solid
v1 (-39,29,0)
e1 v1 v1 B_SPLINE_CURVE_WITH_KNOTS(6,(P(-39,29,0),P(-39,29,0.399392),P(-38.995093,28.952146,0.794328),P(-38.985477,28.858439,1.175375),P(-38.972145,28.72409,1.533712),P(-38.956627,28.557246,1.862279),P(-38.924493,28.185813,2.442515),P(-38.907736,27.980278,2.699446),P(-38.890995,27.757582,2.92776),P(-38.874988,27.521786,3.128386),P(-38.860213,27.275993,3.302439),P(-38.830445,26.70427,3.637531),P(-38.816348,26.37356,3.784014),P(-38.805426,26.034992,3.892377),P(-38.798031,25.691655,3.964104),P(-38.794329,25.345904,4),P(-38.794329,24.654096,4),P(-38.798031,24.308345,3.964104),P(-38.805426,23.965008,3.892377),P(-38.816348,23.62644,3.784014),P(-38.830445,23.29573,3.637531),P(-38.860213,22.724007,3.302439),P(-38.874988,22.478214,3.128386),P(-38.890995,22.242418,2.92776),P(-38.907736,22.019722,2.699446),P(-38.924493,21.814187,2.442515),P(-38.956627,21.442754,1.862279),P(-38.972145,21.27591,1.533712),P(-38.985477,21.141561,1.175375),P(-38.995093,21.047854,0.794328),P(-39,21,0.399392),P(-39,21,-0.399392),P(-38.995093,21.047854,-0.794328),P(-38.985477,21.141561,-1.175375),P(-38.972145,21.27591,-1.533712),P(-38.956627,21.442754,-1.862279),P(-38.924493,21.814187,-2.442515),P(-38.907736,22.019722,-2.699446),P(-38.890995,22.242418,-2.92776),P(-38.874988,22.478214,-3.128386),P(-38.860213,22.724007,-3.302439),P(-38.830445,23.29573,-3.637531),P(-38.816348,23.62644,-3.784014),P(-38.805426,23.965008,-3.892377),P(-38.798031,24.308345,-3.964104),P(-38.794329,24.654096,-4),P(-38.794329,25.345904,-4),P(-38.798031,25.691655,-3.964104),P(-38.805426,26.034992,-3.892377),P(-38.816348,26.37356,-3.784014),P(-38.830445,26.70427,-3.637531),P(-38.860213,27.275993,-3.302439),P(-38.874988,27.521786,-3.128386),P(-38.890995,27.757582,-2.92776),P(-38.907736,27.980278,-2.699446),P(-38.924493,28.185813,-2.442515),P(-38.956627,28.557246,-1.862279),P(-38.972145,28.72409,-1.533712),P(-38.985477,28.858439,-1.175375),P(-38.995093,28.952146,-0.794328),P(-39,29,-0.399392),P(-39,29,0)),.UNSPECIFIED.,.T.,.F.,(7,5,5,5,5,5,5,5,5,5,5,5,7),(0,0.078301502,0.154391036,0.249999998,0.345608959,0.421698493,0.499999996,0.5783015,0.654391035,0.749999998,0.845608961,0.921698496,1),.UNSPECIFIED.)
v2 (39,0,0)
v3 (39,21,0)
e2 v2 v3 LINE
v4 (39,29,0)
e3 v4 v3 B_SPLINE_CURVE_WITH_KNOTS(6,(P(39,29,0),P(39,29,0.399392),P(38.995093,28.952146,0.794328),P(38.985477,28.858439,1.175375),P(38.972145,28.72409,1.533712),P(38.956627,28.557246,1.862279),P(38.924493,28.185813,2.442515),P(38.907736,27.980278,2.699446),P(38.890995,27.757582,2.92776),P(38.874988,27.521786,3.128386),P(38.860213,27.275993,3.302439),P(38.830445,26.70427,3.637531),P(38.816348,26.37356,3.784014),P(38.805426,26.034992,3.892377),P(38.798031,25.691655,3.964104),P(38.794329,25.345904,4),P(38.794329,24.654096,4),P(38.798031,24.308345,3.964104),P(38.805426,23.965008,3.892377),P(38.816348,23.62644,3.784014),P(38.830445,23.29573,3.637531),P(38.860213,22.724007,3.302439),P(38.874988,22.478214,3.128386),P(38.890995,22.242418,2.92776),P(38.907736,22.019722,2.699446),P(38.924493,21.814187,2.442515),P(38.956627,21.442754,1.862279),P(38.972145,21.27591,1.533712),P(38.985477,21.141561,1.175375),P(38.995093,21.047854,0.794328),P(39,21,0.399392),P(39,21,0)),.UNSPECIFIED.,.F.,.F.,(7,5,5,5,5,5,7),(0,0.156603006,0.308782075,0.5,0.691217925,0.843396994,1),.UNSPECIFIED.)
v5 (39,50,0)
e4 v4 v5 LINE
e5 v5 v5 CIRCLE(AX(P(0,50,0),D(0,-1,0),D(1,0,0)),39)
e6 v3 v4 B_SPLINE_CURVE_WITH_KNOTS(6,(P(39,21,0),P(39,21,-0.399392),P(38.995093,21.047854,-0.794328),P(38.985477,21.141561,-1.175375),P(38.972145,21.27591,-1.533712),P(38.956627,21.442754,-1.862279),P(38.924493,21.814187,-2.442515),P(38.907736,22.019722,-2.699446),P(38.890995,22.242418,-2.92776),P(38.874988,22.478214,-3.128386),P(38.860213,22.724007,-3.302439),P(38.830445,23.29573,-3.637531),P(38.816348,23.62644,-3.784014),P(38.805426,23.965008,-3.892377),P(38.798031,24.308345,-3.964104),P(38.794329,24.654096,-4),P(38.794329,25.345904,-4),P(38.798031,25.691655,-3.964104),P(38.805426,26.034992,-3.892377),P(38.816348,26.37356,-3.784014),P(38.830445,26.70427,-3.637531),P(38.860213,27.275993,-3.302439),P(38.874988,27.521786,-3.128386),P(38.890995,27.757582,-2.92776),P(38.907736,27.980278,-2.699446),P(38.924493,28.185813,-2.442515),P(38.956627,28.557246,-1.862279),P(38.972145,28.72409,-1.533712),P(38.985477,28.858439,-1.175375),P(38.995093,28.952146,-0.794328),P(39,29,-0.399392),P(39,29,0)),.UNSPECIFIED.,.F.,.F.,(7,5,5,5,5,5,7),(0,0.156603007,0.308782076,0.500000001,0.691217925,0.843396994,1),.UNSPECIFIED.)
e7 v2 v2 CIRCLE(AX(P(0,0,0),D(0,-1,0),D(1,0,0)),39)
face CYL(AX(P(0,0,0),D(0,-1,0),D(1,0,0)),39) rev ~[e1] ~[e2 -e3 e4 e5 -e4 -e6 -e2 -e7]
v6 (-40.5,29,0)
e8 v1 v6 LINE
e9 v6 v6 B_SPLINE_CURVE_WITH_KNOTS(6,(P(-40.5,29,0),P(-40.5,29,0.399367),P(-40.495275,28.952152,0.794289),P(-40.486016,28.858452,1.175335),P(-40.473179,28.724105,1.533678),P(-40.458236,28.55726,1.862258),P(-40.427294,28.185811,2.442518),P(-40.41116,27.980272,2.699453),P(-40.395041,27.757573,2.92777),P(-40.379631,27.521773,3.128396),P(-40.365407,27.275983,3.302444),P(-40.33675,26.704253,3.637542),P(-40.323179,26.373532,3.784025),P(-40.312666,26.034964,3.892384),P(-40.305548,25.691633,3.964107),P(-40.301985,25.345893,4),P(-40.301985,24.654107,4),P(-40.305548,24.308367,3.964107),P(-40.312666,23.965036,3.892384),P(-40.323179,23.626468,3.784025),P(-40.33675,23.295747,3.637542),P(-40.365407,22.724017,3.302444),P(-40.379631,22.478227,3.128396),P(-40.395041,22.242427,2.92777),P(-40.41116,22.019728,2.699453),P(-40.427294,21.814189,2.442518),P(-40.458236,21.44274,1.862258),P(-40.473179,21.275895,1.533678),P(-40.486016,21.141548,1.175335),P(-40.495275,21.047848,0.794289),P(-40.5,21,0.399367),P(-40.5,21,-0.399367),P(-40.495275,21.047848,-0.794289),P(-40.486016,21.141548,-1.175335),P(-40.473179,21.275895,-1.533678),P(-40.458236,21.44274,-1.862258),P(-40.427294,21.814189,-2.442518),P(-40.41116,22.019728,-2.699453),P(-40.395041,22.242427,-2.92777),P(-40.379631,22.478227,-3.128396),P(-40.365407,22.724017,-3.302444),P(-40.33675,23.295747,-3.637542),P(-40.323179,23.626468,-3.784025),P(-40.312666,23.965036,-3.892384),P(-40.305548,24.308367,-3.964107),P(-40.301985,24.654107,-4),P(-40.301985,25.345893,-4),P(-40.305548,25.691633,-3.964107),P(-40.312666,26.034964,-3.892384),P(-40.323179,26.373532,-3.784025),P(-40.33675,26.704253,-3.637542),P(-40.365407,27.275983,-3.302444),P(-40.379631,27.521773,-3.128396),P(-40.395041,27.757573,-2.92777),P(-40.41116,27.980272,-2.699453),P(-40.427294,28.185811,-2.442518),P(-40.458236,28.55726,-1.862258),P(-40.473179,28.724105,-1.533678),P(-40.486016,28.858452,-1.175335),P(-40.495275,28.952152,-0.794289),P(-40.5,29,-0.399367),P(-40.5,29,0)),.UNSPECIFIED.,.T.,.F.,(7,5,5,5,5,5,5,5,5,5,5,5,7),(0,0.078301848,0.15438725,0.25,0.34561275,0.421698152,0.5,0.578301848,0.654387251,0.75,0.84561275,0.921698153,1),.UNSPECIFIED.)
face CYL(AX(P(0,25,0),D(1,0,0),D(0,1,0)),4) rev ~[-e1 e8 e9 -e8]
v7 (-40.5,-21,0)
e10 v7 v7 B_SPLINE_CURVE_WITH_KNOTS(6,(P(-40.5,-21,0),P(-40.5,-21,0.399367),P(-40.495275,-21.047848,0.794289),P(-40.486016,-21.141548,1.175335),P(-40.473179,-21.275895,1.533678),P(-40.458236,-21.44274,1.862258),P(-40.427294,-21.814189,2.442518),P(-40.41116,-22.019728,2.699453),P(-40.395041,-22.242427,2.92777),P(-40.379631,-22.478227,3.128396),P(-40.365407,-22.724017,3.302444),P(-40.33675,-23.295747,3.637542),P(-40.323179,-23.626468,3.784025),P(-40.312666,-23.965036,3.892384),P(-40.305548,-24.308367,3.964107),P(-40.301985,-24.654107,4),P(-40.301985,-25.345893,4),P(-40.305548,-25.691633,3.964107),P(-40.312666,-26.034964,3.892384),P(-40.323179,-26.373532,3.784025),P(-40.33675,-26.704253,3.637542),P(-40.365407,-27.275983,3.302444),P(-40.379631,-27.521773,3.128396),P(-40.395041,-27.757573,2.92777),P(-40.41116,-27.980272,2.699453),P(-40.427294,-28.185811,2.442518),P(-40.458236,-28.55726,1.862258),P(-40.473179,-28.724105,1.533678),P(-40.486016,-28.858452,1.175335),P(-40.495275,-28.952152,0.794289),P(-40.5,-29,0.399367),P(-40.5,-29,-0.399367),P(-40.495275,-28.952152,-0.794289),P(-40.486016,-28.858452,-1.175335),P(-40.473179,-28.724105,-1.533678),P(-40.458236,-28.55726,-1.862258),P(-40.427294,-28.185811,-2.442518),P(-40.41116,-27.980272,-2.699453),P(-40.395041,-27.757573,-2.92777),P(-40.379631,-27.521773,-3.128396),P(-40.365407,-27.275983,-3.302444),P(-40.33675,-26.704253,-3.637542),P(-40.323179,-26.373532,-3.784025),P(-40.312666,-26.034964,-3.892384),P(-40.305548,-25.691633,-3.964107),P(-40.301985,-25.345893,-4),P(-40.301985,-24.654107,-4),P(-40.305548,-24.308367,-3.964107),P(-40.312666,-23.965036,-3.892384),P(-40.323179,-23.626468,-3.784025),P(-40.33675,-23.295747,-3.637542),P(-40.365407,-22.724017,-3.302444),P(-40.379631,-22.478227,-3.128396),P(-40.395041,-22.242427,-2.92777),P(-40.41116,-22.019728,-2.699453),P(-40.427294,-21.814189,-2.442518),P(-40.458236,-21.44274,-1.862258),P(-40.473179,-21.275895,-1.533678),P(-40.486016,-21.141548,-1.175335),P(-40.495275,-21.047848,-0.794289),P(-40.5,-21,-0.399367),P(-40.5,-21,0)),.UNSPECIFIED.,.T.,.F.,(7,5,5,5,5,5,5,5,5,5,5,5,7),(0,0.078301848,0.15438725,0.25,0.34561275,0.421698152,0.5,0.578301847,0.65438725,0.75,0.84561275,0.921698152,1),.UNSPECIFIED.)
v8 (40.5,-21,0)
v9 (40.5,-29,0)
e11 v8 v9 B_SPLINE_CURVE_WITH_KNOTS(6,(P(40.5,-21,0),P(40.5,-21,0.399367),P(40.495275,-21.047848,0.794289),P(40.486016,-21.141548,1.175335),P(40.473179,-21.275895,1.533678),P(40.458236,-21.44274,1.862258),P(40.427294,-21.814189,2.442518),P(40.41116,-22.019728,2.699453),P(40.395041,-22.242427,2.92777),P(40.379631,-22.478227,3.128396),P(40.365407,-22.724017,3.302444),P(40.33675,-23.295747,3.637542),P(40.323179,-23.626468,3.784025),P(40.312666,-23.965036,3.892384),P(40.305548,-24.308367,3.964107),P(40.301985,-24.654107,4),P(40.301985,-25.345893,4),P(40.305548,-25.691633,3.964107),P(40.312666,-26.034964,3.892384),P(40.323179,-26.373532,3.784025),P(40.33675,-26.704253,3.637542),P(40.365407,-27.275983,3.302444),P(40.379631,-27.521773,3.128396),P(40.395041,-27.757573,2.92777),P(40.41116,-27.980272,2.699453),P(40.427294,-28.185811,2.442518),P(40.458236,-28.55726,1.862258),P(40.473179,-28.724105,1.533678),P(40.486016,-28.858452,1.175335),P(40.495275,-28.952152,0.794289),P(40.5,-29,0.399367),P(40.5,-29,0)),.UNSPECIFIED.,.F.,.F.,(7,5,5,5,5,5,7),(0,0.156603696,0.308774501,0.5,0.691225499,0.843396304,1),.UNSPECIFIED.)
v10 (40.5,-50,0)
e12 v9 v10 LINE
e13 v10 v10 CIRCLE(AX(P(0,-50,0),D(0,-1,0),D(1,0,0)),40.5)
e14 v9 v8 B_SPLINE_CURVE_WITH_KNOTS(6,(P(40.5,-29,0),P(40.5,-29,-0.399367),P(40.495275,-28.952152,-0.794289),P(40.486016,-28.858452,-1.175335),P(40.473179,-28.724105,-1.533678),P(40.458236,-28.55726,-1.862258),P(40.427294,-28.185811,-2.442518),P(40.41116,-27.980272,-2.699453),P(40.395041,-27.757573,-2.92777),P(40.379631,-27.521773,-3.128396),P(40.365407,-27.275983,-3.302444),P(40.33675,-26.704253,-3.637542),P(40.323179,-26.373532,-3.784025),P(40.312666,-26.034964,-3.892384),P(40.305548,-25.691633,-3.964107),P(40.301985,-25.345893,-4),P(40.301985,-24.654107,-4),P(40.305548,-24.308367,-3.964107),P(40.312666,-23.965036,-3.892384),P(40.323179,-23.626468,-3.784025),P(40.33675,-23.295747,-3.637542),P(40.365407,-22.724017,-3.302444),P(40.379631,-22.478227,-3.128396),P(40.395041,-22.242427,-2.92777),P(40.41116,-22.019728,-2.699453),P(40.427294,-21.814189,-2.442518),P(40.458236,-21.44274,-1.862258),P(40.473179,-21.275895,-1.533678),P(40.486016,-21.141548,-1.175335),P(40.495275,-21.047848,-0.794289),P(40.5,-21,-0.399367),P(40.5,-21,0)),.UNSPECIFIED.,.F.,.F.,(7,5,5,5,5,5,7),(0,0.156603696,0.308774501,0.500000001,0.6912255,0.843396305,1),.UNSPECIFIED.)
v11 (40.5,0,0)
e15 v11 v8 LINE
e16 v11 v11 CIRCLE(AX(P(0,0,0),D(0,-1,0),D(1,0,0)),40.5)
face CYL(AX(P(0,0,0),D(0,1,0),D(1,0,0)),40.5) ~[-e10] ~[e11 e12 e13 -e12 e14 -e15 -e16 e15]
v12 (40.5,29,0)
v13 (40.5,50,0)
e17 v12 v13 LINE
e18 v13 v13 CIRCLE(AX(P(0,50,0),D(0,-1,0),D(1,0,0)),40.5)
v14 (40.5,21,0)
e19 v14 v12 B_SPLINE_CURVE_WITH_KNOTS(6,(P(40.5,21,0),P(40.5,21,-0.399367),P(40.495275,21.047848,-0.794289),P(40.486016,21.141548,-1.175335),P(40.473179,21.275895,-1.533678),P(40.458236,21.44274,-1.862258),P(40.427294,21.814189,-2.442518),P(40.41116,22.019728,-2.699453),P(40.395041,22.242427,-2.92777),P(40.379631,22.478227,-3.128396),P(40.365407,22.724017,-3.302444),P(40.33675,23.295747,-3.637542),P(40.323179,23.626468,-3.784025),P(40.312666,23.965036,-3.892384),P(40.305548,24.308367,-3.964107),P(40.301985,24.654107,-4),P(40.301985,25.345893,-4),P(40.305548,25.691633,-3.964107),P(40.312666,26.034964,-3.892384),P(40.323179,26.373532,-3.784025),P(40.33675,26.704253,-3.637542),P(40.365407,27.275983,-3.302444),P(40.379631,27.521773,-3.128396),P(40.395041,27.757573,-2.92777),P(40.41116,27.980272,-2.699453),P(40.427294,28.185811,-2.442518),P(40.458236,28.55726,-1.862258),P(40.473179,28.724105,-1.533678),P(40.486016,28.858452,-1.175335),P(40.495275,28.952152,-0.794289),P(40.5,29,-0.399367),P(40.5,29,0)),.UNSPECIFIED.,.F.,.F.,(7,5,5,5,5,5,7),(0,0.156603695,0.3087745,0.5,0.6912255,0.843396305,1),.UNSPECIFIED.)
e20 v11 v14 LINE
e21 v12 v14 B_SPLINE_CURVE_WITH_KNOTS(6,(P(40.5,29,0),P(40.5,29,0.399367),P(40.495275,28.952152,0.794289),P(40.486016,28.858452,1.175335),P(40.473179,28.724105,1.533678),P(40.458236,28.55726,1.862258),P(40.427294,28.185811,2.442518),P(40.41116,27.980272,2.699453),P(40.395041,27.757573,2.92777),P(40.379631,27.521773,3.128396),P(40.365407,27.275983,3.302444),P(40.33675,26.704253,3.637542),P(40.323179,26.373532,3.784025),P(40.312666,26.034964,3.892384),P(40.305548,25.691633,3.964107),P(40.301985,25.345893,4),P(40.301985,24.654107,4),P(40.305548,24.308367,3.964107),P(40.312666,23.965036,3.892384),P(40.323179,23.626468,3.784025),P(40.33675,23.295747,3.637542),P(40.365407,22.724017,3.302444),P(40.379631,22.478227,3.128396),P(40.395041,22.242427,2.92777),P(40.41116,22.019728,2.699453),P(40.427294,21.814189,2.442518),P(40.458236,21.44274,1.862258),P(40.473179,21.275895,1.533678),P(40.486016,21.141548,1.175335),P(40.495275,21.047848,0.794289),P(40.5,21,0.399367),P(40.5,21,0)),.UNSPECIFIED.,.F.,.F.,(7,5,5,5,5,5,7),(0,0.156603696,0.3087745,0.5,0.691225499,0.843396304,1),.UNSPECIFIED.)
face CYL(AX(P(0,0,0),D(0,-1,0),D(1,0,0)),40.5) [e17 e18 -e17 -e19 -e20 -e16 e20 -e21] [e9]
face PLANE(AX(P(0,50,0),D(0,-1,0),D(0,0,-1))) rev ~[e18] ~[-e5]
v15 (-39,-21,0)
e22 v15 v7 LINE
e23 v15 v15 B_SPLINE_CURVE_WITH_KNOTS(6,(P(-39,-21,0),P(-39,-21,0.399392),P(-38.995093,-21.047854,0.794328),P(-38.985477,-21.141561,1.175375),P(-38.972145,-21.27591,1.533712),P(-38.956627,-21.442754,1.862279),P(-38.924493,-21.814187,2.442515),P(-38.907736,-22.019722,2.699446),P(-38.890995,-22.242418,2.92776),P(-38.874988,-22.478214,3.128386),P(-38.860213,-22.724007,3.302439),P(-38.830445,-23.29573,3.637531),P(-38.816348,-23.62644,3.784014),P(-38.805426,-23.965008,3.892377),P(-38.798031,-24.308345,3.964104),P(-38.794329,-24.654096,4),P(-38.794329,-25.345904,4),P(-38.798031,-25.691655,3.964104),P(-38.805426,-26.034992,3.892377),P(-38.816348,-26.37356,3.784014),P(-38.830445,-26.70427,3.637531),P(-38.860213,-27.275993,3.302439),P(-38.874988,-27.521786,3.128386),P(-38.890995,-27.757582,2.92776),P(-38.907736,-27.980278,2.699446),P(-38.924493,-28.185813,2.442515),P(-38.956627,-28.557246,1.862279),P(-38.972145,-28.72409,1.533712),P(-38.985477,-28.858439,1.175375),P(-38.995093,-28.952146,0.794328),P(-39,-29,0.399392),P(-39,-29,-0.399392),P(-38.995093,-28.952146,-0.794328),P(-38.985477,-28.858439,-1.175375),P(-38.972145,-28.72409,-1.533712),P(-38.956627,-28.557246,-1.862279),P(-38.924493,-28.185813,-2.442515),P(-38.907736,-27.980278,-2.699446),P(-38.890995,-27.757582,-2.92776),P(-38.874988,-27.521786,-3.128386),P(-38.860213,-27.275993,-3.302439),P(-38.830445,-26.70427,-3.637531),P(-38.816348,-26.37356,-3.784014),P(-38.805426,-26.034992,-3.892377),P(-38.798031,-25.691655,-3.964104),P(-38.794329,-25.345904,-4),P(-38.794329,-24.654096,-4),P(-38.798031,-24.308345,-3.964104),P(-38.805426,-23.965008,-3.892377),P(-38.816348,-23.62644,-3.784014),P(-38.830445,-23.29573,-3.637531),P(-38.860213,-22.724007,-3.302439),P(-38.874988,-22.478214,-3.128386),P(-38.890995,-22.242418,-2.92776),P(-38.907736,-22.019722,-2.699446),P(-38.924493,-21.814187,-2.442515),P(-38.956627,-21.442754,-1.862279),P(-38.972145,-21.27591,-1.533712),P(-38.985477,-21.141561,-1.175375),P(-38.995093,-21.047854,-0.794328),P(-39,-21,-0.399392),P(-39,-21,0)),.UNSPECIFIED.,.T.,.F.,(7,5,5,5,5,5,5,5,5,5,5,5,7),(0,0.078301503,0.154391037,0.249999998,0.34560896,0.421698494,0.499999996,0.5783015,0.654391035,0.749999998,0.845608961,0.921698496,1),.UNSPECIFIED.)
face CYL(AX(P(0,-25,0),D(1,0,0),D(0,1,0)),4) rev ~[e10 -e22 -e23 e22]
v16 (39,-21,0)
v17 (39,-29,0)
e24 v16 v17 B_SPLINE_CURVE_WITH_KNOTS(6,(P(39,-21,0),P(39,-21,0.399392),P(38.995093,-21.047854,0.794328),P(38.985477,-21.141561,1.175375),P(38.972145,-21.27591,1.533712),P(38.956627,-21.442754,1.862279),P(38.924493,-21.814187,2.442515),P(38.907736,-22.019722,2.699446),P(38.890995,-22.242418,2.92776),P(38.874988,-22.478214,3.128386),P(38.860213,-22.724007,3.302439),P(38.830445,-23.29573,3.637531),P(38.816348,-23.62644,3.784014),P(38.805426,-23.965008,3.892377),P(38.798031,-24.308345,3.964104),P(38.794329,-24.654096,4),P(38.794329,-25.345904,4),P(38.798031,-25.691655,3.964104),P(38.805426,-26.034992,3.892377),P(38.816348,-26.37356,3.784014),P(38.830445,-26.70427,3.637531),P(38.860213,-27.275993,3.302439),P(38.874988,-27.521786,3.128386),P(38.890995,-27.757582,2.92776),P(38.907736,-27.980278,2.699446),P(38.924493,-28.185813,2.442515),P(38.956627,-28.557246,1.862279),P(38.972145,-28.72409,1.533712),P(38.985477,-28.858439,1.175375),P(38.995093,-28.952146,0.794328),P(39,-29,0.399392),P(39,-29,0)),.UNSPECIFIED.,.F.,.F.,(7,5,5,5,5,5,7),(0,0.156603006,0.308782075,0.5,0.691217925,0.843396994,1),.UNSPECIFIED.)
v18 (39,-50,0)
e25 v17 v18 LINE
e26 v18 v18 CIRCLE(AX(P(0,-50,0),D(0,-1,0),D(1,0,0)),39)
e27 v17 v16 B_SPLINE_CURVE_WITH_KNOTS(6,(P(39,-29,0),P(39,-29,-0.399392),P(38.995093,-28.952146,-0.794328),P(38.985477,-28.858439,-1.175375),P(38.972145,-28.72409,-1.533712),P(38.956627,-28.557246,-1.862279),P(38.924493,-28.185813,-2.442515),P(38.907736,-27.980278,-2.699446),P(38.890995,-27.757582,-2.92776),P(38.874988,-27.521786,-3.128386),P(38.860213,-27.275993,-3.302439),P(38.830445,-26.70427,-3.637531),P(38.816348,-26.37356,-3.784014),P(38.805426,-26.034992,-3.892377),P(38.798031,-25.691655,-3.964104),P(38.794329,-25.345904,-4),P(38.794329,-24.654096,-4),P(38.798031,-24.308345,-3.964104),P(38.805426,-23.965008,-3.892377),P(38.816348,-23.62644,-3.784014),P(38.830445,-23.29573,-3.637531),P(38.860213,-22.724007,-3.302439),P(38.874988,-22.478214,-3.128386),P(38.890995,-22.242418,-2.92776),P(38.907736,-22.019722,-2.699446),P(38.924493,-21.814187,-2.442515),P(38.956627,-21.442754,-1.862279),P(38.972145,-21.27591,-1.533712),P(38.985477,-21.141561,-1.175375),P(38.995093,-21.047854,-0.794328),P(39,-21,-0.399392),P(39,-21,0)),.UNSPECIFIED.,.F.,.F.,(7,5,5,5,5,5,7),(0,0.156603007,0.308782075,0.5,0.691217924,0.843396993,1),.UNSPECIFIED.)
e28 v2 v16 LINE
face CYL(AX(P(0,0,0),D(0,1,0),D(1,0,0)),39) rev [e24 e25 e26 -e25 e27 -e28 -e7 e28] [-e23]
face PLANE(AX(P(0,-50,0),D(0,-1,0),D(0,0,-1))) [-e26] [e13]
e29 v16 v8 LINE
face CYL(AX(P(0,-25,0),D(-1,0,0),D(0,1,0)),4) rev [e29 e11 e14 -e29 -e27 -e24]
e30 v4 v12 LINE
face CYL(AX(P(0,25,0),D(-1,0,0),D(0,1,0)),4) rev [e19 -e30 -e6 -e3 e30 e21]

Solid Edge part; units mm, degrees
sketch "Sketch1" plane through (0, 0, 0) normal (0, -1, 0) x (1, 0, 0)
  circle A0 centre (0, 0) radius 40.5
extrude "Protrusion1" add sketch "Sketch1" along normal mid plane 100
sketch "Sketch2" plane through (0, 0, 0) normal (0, -1, 0) x (1, 0, 0)
  circle A0 centre (0, 0) radius 39
extrude "ExtrudedCutout_1" cut sketch "Sketch2" along normal mid plane 100
sketch "Sketch3" plane through (0, 0, 0) normal (1, 0, 0) x (0, 1, 0)
  circle A0 centre (-25, 0) radius 4
extrude "Cutout1" cut sketch "Sketch3" along normal mid plane 85
sketch "Sketch4" plane through (0, 0, 0) normal (1, 0, 0) x (0, 1, 0)
  circle A0 centre (25, 0) radius 4
extrude "ExtrudedCutout_5" cut sketch "Sketch4" along normal mid plane 85
